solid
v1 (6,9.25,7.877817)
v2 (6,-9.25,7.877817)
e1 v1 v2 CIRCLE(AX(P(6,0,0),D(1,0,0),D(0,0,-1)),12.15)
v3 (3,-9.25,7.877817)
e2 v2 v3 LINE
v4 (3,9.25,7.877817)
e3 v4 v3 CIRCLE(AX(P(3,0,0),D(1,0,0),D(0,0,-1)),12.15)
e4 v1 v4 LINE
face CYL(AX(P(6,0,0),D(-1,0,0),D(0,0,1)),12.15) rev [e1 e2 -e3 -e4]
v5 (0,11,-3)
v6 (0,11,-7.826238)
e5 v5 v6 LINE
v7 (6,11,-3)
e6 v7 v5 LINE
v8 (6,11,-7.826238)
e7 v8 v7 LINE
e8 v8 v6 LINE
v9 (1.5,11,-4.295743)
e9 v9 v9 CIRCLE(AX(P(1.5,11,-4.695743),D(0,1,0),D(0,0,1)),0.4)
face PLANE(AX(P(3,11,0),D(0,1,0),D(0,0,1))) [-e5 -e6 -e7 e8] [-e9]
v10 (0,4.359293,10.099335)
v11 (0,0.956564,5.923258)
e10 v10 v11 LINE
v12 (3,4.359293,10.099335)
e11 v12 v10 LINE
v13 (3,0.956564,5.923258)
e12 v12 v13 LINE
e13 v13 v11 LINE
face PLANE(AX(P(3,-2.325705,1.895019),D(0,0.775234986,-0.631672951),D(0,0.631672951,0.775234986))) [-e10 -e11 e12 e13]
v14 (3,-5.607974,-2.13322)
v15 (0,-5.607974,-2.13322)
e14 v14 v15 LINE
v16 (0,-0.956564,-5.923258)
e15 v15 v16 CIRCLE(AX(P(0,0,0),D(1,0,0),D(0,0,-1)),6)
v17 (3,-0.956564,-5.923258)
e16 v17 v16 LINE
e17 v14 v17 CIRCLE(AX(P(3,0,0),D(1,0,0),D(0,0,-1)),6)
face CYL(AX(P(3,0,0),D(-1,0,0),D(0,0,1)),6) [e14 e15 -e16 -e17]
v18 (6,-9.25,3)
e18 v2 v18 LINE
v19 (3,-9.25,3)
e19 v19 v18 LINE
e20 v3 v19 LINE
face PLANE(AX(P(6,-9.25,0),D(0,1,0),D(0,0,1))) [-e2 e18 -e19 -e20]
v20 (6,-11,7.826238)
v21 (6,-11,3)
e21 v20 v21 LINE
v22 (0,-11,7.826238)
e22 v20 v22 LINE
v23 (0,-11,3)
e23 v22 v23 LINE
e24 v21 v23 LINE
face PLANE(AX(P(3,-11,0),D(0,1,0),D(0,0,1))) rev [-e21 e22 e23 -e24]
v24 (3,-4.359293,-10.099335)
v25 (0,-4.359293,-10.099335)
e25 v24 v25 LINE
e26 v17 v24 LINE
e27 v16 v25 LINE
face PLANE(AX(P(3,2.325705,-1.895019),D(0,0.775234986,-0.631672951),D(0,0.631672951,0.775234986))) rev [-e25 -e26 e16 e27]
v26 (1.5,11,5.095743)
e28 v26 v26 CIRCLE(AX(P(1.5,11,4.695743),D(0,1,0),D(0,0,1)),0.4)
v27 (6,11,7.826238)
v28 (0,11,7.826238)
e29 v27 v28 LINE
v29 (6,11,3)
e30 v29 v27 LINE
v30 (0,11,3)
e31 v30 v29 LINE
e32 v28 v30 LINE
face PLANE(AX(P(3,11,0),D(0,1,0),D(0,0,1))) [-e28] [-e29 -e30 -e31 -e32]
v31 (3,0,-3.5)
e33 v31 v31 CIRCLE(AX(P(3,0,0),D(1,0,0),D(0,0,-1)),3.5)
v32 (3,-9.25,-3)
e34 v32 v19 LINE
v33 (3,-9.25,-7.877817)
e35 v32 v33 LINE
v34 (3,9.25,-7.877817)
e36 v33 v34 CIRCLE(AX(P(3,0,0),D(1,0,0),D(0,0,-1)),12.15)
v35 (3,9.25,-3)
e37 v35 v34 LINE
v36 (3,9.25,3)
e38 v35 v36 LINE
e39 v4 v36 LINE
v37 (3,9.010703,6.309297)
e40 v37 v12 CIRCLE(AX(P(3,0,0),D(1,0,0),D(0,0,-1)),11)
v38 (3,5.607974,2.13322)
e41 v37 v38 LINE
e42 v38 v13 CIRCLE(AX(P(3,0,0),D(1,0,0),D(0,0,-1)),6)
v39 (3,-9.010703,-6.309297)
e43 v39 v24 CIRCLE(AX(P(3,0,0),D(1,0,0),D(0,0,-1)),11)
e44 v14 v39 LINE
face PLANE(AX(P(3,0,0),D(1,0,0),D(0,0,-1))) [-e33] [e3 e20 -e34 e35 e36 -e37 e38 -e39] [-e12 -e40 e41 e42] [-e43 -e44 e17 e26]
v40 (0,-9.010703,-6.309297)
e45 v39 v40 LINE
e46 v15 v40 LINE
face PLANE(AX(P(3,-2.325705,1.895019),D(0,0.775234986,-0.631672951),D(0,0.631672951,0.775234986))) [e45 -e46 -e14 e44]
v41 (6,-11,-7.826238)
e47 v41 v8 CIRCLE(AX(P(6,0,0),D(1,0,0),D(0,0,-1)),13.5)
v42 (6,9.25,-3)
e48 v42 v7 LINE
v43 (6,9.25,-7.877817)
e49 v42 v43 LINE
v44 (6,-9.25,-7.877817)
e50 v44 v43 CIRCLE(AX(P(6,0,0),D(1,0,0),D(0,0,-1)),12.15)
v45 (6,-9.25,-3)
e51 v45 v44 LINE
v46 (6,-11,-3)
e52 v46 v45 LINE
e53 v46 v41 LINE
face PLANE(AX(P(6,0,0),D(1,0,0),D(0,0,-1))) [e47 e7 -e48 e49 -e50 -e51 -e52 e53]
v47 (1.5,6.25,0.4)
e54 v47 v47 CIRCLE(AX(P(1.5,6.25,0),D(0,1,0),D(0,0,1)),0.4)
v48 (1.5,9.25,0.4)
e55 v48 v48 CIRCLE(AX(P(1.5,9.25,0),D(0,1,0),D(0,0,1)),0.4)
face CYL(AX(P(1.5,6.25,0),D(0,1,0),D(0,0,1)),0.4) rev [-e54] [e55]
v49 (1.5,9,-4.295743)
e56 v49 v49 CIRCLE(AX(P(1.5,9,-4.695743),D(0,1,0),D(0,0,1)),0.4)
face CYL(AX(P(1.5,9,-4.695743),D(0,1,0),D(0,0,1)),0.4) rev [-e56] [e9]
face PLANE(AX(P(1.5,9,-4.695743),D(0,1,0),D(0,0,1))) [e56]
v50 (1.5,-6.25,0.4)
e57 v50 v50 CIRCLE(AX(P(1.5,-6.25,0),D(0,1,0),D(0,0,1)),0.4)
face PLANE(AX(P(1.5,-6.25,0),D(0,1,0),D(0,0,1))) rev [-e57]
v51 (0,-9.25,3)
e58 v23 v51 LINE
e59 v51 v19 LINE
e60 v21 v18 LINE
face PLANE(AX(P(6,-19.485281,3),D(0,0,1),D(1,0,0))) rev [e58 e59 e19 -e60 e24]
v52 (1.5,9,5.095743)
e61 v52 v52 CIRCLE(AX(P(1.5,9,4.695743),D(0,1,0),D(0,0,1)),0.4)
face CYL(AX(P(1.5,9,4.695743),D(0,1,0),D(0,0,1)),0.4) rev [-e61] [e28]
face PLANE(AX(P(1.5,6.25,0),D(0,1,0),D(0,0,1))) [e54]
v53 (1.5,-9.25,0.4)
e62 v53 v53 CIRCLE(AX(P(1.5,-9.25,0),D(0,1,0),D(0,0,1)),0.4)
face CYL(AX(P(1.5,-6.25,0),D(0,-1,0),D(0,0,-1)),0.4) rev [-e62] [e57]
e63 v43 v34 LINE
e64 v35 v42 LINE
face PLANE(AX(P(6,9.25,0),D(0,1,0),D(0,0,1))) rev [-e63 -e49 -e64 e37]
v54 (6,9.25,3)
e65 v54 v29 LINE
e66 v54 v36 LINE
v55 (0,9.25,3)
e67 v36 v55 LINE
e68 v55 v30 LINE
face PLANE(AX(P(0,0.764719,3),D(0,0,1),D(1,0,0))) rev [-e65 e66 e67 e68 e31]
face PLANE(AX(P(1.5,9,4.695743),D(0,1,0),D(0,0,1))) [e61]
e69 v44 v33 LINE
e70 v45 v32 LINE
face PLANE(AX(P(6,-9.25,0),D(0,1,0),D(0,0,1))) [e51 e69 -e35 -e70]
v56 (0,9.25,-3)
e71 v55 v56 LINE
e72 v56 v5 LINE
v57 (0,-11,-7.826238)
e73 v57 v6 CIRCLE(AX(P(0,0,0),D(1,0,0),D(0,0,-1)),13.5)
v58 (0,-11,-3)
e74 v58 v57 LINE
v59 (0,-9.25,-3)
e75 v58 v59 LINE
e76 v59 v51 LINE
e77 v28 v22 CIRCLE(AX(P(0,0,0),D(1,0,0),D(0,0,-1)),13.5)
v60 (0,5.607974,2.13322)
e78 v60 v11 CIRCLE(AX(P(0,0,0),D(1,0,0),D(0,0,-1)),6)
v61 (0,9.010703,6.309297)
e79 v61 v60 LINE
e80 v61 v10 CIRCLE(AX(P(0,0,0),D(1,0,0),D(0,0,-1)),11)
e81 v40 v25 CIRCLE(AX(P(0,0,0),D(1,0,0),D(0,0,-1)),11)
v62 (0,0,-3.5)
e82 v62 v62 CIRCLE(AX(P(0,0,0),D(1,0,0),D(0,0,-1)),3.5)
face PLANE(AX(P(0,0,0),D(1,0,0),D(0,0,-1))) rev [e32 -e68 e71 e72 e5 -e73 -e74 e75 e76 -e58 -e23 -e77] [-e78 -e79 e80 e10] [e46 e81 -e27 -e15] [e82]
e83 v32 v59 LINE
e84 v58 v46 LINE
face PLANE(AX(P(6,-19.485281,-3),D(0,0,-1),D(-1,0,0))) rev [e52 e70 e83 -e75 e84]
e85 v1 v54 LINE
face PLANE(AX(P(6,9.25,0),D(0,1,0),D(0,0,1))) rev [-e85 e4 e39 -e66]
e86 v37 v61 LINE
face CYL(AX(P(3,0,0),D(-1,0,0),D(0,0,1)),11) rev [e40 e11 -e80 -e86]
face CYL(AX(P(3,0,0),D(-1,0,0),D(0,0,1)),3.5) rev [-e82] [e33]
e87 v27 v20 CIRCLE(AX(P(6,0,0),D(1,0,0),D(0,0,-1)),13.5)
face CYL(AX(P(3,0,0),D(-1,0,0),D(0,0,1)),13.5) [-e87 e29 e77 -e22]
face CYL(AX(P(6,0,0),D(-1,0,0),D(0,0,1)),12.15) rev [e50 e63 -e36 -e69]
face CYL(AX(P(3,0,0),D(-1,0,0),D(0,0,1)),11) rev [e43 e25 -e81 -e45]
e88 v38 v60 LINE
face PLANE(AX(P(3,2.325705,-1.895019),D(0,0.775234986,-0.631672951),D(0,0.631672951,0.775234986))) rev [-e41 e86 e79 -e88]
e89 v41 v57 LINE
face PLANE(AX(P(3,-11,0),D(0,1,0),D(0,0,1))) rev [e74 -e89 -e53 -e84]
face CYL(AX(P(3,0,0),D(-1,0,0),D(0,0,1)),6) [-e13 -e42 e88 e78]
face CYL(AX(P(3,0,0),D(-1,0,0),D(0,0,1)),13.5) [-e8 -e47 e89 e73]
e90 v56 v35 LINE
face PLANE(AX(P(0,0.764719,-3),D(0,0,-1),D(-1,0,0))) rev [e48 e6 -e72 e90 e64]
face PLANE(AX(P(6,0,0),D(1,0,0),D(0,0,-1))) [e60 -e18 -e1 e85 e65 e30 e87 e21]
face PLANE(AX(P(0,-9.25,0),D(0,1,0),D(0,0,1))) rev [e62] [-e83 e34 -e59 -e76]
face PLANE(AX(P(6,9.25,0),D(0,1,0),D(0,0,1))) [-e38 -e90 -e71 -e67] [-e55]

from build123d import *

# Parameters (mm, degrees)
EXTRUDE_1_DEPTH     = 3
EXTRUDE_2_DEPTH     = 3
SKETCH_3_W          = 6
SKETCH_3_H          = 6
CUT_EXTRUDE_1_DEPTH = 1.75
SKETCH_4_R          = 0.4
CUT_EXTRUDE_2_DEPTH = 3
CUT_EXTRUDE_START   = -20.25
SKETCH_3_2_W        = 6
SKETCH_3_2_H        = 6
CUT_EXTRUDE_3_DEPTH = 1.75
CUT_EXTRUDE_START_2 = -15.5
SKETCH_4_2_R        = 0.4
CUT_EXTRUDE_4_DEPTH = 3
SKETCH_5_R          = 0.4
CUT_EXTRUDE_5_DEPTH = 2


with BuildPart() as part:
    # 草图1 → 凸台-拉伸1 (new body)
    with BuildSketch(Plane(origin=(0, 0, 0), x_dir=(0, 0, -1), z_dir=(1, 0, 0))):
        with BuildLine():
            Line((0.497444108, 3.464469564), (-2.133220295, 5.607973892))
            ThreePointArc((-2.133220295, 5.607973892), (-4.651409913, 3.790037707), (-5.923258002, 0.956563979))
            Line((-5.923258002, 0.956563979), (-3.292593599, -1.186940349))
            ThreePointArc((-3.292593599, -1.186940349), (-2.713322449, 2.210855329), (0.497444108, 3.464469564))
        make_face()
        with BuildLine():
            Line((5.923258002, -0.956563979), (3.292593599, 1.186940349))
            ThreePointArc((3.292593599, 1.186940349), (3.447758518, 0.602462615), (3.5, 0))
            ThreePointArc((3.5, 0), (2.292263687, -2.644905894), (-0.497444108, -3.464469564))
            Line((-0.497444108, -3.464469564), (2.133220295, -5.607973892))
            ThreePointArc((2.133220295, -5.607973892), (4.651409913, -3.790037707), (5.923258002, -0.956563979))
        make_face()
        with BuildLine():
            ThreePointArc((6, 0), (3.405927057, 4.939601288), (-2.133220295, 5.607973892))
            Line((-2.133220295, 5.607973892), (0.497444108, 3.464469564))
            ThreePointArc((0.497444108, 3.464469564), (2.210855329, 2.713322449), (3.292593599, 1.186940349))
            Line((3.292593599, 1.186940349), (5.923258002, -0.956563979))
            ThreePointArc((5.923258002, -0.956563979), (5.980783728, -0.479818711), (6, 0))
        make_face()
        with BuildLine():
            Line((-3.292593599, -1.186940349), (-5.923258002, 0.956563979))
            ThreePointArc((-5.923258002, 0.956563979), (-3.790037707, -4.651409913), (2.133220295, -5.607973892))
            Line((2.133220295, -5.607973892), (-0.497444108, -3.464469564))
            ThreePointArc((-0.497444108, -3.464469564), (-2.210855329, -2.713322449), (-3.292593599, -1.186940349))
        make_face()
        with BuildLine():
            ThreePointArc((0, 11), (-3.307738334, 10.490894486), (-6.309297064, 9.010703111))
            Line((-6.309297064, 9.010703111), (-2.133220295, 5.607973892))
            ThreePointArc((-2.133220295, 5.607973892), (3.405927057, 4.939601288), (6, 0))
            ThreePointArc((6, 0), (5.980783728, -0.479818711), (5.923258002, -0.956563979))
            Line((5.923258002, -0.956563979), (10.099334771, -4.359293198))
            ThreePointArc((10.099334771, -4.359293198), (10.772480737, -2.22568164), (11, 0))
            ThreePointArc((11, 0), (7.778174593, 7.778174593), (0, 11))
        make_face()
        with BuildLine():
            Line((-5.923258002, 0.956563979), (-10.099334771, 4.359293198))
            ThreePointArc((-10.099334771, 4.359293198), (-9.191088775, -6.043499576), (-5.6e-08, -11))
            ThreePointArc((-5.6e-08, -11), (3.307738308, -10.490894494), (6.309297064, -9.010703111))
            Line((6.309297064, -9.010703111), (2.133220295, -5.607973892))
            ThreePointArc((2.133220295, -5.607973892), (-3.790037707, -4.651409913), (-5.923258002, 0.956563979))
        make_face()
        with BuildLine():
            Line((-10.099334771, 4.359293198), (-12.099007938, 5.98865652))
            ThreePointArc((-12.099007938, 5.98865652), (-13.145086665, 3.075174234), (-13.5, 5e-08))
            ThreePointArc((-13.5, 5e-08), (-11.998004261, -6.188529208), (-7.826237921, -11))
            Line((-7.826237921, -11), (-5.6e-08, -11))
            ThreePointArc((-5.6e-08, -11), (-9.191088775, -6.043499576), (-10.099334771, 4.359293198))
        make_face()
        with BuildLine():
            ThreePointArc((6.309297064, -9.010703111), (3.307738308, -10.490894494), (-5.6e-08, -11))
            Line((-5.6e-08, -11), (7.826237921, -11))
            ThreePointArc((7.826237921, -11), (8.069611117, -10.822725), (8.308970231, -10.640066433))
            Line((8.308970231, -10.640066433), (6.309297064, -9.010703111))
        make_face()
        with BuildLine():
            ThreePointArc((-7.826237921, 11), (-8.069611117, 10.822725), (-8.308970231, 10.640066433))
            Line((-8.308970231, 10.640066433), (-6.309297064, 9.010703111))
            ThreePointArc((-6.309297064, 9.010703111), (-3.307738334, 10.490894486), (0, 11))
            Line((0, 11), (-7.826237921, 11))
        make_face()
        with BuildLine():
            Line((7.826237921, 11), (0, 11))
            ThreePointArc((0, 11), (7.778174593, 7.778174593), (11, 0))
            ThreePointArc((11, 0), (10.772480737, -2.22568164), (10.099334771, -4.359293198))
            Line((10.099334771, -4.359293198), (12.099007938, -5.98865652))
            ThreePointArc((12.099007938, -5.98865652), (13.145086671, -3.075174209), (13.5, 0))
            ThreePointArc((13.5, 0), (11.998004249, 6.18852923), (7.826237921, 11))
        make_face()
        with BuildLine():
            Line((-6.309297064, 9.010703111), (-8.308970231, 10.640066433))
            ThreePointArc((-8.308970231, 10.640066433), (-10.465672304, 8.527584841), (-12.099007938, 5.98865652))
            Line((-12.099007938, 5.98865652), (-10.099334771, 4.359293198))
            ThreePointArc((-10.099334771, 4.359293198), (-8.527584841, 6.948402463), (-6.309297064, 9.010703111))
        make_face()
        with BuildLine():
            Line((12.099007938, -5.98865652), (10.099334771, -4.359293198))
            ThreePointArc((10.099334771, -4.359293198), (8.527584841, -6.948402463), (6.309297064, -9.010703111))
            Line((6.309297064, -9.010703111), (8.308970231, -10.640066433))
            ThreePointArc((8.308970231, -10.640066433), (10.465672304, -8.527584841), (12.099007938, -5.98865652))
        make_face()
    extrude(amount=EXTRUDE_1_DEPTH)

    # 草图2 → 凸台-拉伸2 (add)
    with BuildSketch(Plane(origin=(3, 0, 0), x_dir=(0, 0, -1), z_dir=(1, 0, 0))):
        with BuildLine():
            ThreePointArc((-5.159699604, 11), (-6.577220881, 10.215804691), (-7.877816956, 9.25))
            Line((-7.877816956, 9.25), (7.877816956, 9.25))
            ThreePointArc((7.877816956, 9.25), (6.577220881, 10.215804691), (5.159699604, 11))
            Line((5.159699604, 11), (-5.159699604, 11))
        make_face()
        with BuildLine():
            Line((-9.83298022, 9.25), (-7.877816956, 9.25))
            ThreePointArc((-7.877816956, 9.25), (-6.577220881, 10.215804691), (-5.159699604, 11))
            Line((-5.159699604, 11), (-7.826237921, 11))
            ThreePointArc((-7.826237921, 11), (-8.87285869, 10.174594767), (-9.83298022, 9.25))
        make_face()
        with BuildLine():
            Line((-12.15, 5.884513574), (-12.15, 2.4e-08))
            ThreePointArc((-12.15, 2.4e-08), (-11.030366626, 5.09445896), (-7.877816956, 9.25))
            Line((-7.877816956, 9.25), (-9.83298022, 9.25))
            ThreePointArc((-9.83298022, 9.25), (-11.119553928, 7.65542425), (-12.15, 5.884513574))
        make_face()
        with BuildLine():
            ThreePointArc((-13.5, -2.2e-08), (-13.158172363, -3.01869178), (-12.15, -5.884513574))
            Line((-12.15, -5.884513574), (-12.15, 2.4e-08))
            Line((-12.15, 2.4e-08), (-12.15, 5.884513574))
            ThreePointArc((-12.15, 5.884513574), (-13.158172368, 3.018691759), (-13.5, -2.2e-08))
        make_face()
        with BuildLine():
            ThreePointArc((-12.15, -5.884513574), (-11.119553928, -7.65542425), (-9.83298022, -9.25))
            Line((-9.83298022, -9.25), (-7.877816956, -9.25))
            ThreePointArc((-7.877816956, -9.25), (-11.030366636, -5.094458939), (-12.15, 2.4e-08))
            Line((-12.15, 2.4e-08), (-12.15, -5.884513574))
        make_face()
        with BuildLine():
            Line((-7.877816956, -9.25), (-9.83298022, -9.25))
            ThreePointArc((-9.83298022, -9.25), (-8.87285869, -10.174594767), (-7.826237921, -11))
            Line((-7.826237921, -11), (-5.159699604, -11))
            ThreePointArc((-5.159699604, -11), (-6.577220881, -10.215804691), (-7.877816956, -9.25))
        make_face()
        with BuildLine():
            Line((7.877816956, -9.25), (-7.877816956, -9.25))
            ThreePointArc((-7.877816956, -9.25), (-6.577220881, -10.215804691), (-5.159699604, -11))
            Line((-5.159699604, -11), (5.159699604, -11))
            ThreePointArc((5.159699604, -11), (6.577220881, -10.215804691), (7.877816956, -9.25))
        make_face()
        with BuildLine():
            Line((9.83298022, -9.25), (7.877816956, -9.25))
            ThreePointArc((7.877816956, -9.25), (6.577220881, -10.215804691), (5.159699604, -11))
            Line((5.159699604, -11), (7.826237921, -11))
            ThreePointArc((7.826237921, -11), (8.87285869, -10.174594767), (9.83298022, -9.25))
        make_face()
        with BuildLine():
            ThreePointArc((12.15, 0), (11.030366631, -5.09445895), (7.877816956, -9.25))
            Line((7.877816956, -9.25), (9.83298022, -9.25))
            ThreePointArc((9.83298022, -9.25), (11.119553928, -7.65542425), (12.15, -5.884513574))
            Line((12.15, -5.884513574), (12.15, 0))
        make_face()
        with BuildLine():
            Line((12.15, 5.884513574), (12.15, 0))
            Line((12.15, 0), (12.15, -5.884513574))
            ThreePointArc((12.15, -5.884513574), (13.158172365, -3.01869177), (13.5, 0))
            ThreePointArc((13.5, 0), (13.158172365, 3.01869177), (12.15, 5.884513574))
        make_face()
        with BuildLine():
            ThreePointArc((7.877816956, 9.25), (11.030366631, 5.09445895), (12.15, 0))
            Line((12.15, 0), (12.15, 5.884513574))
            ThreePointArc((12.15, 5.884513574), (11.119553928, 7.65542425), (9.83298022, 9.25))
            Line((9.83298022, 9.25), (7.877816956, 9.25))
        make_face()
        with BuildLine():
            ThreePointArc((5.159699604, 11), (6.577220881, 10.215804691), (7.877816956, 9.25))
            Line((7.877816956, 9.25), (9.83298022, 9.25))
            ThreePointArc((9.83298022, 9.25), (8.87285869, 10.174594767), (7.826237921, 11))
            Line((7.826237921, 11), (5.159699604, 11))
        make_face()
    extrude(amount=EXTRUDE_2_DEPTH)

    # 草图3 → 切除-拉伸1 (cut)
    with BuildSketch(Plane(origin=(0, 11, 0), x_dir=(1, 0, 0), z_dir=(0, 1, 0))):
        with Locations((3, 0)):
            Rectangle(SKETCH_3_W, SKETCH_3_H)
    extrude(amount=-CUT_EXTRUDE_1_DEPTH, mode=Mode.SUBTRACT)

    # 草图4 → 切除-拉伸2 (cut)
    with BuildSketch(Plane(origin=(0, 9.25, 0), x_dir=(1, 0, 0), z_dir=(0, 1, 0))):
        with Locations(Location((1.5, 0, 0), (0, 0, 270))):
            Circle(SKETCH_4_R)
    extrude(amount=-CUT_EXTRUDE_2_DEPTH, mode=Mode.SUBTRACT)

    # 草图3<2> → 切除-拉伸3 (cut)
    with BuildSketch(Plane(origin=(0, 11, 0), x_dir=(1, 0, 0), z_dir=(0, 1, 0)).offset(CUT_EXTRUDE_START)):
        with Locations((3, 0)):
            Rectangle(SKETCH_3_2_W, SKETCH_3_2_H)
    extrude(amount=-CUT_EXTRUDE_3_DEPTH, mode=Mode.SUBTRACT)

    # 草图4<2> → 切除-拉伸4 (cut)
    with BuildSketch(Plane(origin=(0, 9.25, 0), x_dir=(1, 0, 0), z_dir=(0, 1, 0)).offset(CUT_EXTRUDE_START_2)):
        with Locations(Location((1.5, 0, 0), (0, 0, 270))):
            Circle(SKETCH_4_2_R)
    extrude(amount=-CUT_EXTRUDE_4_DEPTH, mode=Mode.SUBTRACT)

    # 草图5 → 切除-拉伸5 (cut)
    with BuildSketch(Plane(origin=(0, 11, 0), x_dir=(1, 0, 0), z_dir=(0, 1, 0))):
        with Locations(Location((1.5, -4.695742753, 0), (0, 0, 270))):
            Circle(SKETCH_5_R)
        with Locations(Location((1.5, 4.695742753, 0), (0, 0, 270))):
            Circle(SKETCH_5_R)
    extrude(amount=-CUT_EXTRUDE_5_DEPTH, mode=Mode.SUBTRACT)


solid = part.part
